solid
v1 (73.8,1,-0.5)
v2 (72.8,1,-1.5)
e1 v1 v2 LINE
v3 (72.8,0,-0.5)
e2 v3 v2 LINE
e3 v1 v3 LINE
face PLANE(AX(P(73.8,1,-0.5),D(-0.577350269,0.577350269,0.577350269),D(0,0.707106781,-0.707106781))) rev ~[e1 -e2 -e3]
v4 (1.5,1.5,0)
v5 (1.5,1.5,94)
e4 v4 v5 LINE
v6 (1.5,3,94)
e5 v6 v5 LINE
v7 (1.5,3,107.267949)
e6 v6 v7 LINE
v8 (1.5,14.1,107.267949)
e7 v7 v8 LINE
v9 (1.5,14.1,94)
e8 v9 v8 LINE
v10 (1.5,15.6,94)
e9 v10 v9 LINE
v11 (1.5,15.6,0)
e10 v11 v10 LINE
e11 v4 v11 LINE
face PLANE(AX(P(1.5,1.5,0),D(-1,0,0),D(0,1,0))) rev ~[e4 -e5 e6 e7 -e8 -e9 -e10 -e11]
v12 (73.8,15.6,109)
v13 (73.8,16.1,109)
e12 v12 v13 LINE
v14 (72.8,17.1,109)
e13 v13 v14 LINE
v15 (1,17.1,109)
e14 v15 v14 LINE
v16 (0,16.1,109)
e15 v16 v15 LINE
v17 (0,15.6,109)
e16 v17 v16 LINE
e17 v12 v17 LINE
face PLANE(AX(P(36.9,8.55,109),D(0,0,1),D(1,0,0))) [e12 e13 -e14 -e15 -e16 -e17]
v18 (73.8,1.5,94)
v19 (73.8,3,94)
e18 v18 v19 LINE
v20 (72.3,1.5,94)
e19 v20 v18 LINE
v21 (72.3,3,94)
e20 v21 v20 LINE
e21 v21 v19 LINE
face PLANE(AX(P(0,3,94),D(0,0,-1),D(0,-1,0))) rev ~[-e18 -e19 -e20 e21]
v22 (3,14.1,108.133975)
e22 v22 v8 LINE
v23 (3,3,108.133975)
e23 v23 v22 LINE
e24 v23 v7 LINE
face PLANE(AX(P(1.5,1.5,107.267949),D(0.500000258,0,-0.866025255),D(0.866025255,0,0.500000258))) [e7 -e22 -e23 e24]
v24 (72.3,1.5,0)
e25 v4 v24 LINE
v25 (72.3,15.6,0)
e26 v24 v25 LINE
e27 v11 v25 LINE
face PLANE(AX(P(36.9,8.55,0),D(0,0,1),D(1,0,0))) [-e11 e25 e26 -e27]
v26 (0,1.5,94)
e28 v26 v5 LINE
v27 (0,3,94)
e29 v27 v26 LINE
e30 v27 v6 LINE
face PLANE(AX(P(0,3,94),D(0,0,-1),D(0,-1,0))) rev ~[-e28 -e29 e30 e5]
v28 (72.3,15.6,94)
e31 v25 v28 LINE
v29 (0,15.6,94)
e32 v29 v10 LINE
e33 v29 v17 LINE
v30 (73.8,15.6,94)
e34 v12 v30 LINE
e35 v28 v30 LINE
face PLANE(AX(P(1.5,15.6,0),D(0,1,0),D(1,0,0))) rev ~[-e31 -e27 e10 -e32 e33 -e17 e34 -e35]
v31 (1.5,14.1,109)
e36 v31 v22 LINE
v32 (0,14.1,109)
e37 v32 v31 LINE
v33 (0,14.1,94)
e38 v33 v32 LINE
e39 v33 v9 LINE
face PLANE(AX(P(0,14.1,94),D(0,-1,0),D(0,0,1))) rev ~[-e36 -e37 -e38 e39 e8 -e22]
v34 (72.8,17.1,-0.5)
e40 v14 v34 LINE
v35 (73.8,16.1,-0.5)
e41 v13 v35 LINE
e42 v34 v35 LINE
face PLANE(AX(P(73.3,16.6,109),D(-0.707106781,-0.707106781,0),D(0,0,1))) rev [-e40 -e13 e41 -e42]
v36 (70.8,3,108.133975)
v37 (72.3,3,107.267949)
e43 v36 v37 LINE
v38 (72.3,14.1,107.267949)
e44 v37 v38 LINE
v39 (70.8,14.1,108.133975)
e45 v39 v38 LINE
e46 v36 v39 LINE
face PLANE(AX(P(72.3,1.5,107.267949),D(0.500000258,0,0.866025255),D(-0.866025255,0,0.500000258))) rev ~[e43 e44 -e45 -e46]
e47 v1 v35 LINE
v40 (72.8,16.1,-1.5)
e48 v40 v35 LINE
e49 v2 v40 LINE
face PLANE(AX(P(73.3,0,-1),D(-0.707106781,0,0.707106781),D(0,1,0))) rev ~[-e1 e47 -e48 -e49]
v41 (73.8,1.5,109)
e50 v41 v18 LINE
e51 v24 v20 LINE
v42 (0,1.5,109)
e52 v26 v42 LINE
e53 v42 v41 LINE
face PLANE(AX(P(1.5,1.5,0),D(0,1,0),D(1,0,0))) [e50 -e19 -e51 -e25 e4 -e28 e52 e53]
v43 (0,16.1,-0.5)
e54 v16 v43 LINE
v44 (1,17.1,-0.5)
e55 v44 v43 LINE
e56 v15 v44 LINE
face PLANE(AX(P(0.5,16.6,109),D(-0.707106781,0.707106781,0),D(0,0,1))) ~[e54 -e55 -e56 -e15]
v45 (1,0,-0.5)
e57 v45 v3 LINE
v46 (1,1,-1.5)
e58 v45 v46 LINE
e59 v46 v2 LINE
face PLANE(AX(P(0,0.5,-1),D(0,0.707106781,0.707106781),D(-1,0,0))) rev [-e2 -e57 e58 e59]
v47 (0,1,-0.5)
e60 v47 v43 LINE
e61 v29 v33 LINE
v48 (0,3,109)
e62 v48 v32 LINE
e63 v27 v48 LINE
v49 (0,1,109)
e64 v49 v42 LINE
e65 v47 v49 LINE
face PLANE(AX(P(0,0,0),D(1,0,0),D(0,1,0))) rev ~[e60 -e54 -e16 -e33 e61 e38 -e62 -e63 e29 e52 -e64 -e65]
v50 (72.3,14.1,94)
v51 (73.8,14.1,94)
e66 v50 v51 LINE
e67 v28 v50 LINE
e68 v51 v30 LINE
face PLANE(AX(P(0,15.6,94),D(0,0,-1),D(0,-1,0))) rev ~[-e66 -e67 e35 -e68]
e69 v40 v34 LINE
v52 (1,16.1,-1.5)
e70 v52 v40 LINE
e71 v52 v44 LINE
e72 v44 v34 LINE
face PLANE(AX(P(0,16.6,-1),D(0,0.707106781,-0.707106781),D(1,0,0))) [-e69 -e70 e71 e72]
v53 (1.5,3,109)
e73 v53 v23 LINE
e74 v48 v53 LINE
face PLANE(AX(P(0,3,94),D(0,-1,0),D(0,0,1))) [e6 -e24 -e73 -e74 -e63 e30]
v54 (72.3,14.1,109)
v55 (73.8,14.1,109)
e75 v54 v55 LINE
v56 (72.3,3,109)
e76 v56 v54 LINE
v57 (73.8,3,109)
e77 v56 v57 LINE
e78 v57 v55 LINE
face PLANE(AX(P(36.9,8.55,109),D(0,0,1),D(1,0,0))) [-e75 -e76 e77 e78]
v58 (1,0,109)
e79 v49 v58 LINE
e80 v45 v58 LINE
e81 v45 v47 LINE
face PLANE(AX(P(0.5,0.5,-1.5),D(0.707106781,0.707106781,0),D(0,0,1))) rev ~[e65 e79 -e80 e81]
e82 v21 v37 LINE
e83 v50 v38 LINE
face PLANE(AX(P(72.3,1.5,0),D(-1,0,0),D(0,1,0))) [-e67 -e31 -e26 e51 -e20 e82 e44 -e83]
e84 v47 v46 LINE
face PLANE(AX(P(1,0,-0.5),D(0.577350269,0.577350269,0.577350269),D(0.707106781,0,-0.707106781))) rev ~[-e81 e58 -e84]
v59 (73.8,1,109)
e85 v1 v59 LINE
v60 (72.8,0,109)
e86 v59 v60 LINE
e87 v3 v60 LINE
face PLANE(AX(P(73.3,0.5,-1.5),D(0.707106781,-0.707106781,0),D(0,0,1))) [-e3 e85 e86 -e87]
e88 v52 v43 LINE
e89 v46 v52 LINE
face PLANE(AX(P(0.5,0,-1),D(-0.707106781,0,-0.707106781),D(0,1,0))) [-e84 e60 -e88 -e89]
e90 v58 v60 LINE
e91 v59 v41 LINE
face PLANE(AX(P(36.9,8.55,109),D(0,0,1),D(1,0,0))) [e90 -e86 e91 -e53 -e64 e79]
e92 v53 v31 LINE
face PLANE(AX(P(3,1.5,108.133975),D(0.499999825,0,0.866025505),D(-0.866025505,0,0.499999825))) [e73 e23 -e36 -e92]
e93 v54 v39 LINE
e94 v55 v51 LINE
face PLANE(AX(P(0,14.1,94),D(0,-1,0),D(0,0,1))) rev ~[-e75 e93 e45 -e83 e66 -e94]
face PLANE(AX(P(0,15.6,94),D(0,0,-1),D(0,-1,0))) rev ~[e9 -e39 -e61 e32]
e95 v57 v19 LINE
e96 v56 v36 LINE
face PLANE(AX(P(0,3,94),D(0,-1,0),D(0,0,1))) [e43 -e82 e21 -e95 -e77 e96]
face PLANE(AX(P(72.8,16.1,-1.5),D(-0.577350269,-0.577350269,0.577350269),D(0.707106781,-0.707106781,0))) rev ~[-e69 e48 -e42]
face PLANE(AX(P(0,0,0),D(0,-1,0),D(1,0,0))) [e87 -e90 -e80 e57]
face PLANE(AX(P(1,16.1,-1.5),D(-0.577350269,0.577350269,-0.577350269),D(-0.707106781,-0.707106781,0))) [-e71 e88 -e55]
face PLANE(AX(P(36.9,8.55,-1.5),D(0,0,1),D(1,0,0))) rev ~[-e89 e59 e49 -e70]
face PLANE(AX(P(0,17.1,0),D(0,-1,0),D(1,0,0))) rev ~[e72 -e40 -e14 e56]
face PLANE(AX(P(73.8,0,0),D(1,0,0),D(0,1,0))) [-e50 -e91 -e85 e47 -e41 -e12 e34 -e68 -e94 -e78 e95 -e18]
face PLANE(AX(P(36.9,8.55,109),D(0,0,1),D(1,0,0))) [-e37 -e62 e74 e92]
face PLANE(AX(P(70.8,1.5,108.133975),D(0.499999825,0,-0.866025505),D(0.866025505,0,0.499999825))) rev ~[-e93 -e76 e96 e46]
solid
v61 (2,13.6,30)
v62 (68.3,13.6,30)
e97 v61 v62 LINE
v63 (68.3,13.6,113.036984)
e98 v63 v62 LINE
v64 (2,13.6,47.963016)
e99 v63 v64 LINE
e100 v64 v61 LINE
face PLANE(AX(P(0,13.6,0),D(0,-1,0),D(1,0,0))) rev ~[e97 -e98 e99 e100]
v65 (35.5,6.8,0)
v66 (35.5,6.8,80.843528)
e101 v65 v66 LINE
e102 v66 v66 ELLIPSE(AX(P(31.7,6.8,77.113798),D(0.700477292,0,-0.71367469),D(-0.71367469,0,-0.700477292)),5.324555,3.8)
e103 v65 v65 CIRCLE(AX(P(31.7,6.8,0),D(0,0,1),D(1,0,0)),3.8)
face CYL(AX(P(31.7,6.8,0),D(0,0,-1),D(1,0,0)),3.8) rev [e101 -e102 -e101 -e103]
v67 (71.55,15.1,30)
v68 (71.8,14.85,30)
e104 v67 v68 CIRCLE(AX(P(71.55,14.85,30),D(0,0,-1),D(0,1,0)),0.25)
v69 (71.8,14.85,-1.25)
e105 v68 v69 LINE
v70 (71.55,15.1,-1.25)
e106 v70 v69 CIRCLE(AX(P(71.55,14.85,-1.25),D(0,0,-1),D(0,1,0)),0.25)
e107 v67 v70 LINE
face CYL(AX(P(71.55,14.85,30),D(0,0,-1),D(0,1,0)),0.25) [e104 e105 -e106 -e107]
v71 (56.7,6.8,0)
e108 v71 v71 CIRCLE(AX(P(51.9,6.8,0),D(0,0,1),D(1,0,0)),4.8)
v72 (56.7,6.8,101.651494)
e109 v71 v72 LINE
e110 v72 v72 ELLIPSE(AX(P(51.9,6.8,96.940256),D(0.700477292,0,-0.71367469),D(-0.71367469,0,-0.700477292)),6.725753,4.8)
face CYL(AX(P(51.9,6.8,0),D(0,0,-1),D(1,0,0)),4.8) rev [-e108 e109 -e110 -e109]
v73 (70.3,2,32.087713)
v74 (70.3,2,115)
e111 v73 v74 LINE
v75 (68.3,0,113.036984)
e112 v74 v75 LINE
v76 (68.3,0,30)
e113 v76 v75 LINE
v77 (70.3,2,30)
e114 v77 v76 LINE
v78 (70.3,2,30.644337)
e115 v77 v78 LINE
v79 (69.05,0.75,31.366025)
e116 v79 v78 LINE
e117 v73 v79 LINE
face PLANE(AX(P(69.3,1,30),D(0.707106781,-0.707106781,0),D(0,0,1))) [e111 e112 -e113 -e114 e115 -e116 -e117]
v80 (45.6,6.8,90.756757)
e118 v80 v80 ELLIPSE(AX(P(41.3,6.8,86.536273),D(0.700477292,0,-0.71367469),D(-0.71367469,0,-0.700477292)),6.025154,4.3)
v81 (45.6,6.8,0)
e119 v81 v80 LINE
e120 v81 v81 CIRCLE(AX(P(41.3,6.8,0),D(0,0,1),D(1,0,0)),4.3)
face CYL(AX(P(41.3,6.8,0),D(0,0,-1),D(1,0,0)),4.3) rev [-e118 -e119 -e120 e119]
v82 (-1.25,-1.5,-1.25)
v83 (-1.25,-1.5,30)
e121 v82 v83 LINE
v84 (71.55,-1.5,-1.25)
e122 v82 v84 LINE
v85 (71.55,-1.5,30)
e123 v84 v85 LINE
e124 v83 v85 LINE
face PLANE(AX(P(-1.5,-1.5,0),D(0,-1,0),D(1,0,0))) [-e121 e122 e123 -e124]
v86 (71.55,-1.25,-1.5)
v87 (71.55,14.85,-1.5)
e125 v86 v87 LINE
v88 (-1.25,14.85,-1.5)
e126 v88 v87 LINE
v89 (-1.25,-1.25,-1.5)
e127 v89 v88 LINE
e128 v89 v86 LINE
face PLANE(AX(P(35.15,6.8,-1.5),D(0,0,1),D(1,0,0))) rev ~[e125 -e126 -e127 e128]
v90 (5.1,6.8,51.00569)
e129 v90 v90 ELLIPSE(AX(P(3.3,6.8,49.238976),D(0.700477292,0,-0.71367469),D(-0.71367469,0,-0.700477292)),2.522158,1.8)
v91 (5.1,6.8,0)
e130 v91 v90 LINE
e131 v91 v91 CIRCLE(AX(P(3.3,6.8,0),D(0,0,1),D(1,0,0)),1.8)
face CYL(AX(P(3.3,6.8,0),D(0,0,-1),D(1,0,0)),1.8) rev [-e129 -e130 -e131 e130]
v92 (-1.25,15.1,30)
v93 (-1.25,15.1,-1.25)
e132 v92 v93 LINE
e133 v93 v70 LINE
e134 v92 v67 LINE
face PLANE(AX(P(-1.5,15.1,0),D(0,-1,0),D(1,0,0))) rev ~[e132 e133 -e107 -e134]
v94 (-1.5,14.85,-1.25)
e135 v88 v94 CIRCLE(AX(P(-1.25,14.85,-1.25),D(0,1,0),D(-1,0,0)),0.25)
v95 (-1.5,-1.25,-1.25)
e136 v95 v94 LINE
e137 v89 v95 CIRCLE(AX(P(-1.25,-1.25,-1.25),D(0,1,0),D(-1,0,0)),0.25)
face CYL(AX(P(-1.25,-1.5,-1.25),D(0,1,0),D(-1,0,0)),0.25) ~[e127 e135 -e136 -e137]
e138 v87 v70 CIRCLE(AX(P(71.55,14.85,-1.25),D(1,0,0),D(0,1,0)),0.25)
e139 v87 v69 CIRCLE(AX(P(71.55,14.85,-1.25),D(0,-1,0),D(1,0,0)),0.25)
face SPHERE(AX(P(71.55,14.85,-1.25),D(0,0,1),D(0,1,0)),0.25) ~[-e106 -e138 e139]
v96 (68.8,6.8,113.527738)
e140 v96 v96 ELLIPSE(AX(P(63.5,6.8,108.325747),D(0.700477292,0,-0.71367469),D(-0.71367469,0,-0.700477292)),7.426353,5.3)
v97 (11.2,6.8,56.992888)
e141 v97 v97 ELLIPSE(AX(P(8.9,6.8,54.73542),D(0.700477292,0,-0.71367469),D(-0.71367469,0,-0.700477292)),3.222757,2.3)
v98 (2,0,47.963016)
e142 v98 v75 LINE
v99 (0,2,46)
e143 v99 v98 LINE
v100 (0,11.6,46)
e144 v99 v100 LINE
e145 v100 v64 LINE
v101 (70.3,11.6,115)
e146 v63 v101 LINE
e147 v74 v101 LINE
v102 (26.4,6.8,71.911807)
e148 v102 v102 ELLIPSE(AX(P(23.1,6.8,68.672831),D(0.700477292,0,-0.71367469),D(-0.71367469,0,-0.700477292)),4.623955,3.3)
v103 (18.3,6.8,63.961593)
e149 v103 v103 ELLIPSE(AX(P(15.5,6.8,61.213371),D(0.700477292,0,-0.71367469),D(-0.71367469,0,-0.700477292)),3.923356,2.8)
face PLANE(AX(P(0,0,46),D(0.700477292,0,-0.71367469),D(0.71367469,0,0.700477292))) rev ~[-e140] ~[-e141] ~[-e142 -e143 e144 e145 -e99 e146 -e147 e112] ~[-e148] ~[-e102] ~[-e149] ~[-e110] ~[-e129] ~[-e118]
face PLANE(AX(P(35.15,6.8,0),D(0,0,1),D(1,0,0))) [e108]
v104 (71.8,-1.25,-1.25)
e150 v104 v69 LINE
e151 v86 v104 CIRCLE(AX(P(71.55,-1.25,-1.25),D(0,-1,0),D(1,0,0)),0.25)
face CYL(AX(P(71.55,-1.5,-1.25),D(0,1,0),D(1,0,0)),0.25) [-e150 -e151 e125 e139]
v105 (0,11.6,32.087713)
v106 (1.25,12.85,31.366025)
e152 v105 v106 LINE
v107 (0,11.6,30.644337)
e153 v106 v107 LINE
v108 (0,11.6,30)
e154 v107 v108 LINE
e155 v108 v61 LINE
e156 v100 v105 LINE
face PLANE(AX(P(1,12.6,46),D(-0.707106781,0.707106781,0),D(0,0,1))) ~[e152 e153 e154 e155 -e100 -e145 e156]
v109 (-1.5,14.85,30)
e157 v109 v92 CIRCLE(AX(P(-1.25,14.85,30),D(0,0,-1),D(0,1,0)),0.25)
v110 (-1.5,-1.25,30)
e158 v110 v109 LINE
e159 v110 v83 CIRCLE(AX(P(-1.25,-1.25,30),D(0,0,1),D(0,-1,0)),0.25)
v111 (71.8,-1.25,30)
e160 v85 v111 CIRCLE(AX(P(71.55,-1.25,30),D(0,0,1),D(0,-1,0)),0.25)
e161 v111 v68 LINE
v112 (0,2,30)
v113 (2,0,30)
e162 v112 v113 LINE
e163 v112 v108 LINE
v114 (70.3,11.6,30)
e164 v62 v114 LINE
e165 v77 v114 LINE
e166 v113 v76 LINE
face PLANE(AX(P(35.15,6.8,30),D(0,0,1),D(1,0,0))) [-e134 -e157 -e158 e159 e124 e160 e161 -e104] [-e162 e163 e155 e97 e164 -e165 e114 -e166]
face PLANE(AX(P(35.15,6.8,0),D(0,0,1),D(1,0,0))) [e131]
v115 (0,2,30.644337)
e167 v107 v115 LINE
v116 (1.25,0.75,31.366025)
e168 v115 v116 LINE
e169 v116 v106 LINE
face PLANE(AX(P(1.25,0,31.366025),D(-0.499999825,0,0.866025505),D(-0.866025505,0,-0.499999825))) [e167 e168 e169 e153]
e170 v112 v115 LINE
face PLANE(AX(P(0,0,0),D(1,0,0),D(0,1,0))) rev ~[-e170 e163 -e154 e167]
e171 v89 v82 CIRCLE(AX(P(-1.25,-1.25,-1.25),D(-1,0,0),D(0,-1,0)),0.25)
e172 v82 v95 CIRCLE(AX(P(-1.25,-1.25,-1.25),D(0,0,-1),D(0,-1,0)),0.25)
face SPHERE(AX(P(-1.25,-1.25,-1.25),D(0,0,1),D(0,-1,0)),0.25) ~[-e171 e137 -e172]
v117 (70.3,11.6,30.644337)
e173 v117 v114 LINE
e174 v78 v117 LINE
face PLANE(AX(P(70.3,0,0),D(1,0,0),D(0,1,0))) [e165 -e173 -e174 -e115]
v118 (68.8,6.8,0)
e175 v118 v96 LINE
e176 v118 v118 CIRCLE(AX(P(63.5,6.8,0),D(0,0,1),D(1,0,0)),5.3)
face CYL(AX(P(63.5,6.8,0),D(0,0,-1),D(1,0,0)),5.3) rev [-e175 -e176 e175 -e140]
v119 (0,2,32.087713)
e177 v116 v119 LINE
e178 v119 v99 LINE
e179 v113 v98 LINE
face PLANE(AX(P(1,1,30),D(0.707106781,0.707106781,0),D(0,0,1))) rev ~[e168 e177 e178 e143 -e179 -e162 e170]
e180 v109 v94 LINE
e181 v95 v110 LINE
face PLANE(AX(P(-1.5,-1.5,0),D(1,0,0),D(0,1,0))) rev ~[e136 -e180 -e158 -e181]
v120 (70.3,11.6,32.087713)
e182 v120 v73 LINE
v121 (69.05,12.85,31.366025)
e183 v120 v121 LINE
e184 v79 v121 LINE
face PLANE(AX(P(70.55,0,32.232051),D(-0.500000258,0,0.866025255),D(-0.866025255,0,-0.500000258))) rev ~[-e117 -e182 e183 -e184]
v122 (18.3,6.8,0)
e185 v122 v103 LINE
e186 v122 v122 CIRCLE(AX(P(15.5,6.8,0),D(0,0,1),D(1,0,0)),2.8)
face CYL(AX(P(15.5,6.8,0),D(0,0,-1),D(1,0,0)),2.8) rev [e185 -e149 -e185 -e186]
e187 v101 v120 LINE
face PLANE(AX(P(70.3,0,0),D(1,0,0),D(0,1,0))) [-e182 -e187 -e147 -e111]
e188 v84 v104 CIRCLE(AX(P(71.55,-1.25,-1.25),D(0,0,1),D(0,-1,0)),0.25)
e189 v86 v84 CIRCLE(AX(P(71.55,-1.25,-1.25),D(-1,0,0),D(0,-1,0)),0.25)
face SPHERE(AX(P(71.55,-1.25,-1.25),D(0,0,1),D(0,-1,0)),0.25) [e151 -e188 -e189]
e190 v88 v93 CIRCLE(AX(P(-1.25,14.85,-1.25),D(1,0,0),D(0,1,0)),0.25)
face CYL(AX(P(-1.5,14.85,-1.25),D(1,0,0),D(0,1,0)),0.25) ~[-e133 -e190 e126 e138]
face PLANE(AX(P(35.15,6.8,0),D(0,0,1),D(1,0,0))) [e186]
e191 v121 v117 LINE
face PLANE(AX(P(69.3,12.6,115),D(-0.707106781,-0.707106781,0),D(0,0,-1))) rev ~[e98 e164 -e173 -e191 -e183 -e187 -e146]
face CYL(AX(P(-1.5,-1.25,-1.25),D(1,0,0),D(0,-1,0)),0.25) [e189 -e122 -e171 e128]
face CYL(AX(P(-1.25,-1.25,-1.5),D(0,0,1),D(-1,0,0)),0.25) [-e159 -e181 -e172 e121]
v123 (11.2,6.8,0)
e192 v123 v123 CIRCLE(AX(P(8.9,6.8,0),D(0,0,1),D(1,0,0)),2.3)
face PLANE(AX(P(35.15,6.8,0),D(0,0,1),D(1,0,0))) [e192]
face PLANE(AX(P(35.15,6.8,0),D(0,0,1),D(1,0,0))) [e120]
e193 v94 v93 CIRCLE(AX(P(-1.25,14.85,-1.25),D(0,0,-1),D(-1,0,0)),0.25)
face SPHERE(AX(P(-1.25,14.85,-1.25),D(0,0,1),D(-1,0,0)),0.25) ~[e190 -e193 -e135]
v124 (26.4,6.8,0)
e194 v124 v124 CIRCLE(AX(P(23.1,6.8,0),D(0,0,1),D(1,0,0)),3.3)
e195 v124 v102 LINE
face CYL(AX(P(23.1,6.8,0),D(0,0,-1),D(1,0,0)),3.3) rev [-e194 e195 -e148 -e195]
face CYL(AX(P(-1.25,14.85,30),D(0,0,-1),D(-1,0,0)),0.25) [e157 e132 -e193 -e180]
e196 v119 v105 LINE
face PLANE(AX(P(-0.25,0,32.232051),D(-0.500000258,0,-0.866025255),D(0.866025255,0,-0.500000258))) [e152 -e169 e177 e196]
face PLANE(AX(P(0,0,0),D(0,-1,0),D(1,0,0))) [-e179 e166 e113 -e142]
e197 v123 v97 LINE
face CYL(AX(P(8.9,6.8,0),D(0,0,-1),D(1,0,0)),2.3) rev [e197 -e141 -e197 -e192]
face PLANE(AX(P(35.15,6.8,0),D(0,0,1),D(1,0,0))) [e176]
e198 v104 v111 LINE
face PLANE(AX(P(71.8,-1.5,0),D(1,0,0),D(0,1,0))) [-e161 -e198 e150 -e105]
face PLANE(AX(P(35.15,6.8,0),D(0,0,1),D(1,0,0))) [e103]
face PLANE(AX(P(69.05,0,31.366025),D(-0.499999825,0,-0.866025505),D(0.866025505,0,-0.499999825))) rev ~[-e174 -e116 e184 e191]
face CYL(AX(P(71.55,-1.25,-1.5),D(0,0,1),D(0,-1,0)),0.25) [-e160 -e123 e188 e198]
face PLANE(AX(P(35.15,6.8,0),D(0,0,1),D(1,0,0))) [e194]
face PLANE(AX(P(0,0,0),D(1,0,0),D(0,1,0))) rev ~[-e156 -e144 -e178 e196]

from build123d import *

# Parameters (mm, degrees)
SKETCH_W          = 70.3
SKETCH_H          = 13.6
SKETCH_R          = 1.8
SKETCH_R_2        = 2.3
SKETCH_R_3        = 2.8
SKETCH_R_4        = 3.3
SKETCH_R_5        = 3.8
SKETCH_R_6        = 4.3
SKETCH_R_7        = 4.8
SKETCH_R_8        = 5.3
PAD_DEPTH         = 115
POCKET_DEPTH      = 13.601
SKETCH002_W       = 70.3
SKETCH002_H       = 13.6
PAD001_DEPTH      = 1.5
SKETCH005_W       = 73.3
SKETCH005_H       = 16.6
SKETCH005_W_2     = 70.3
SKETCH005_H_2     = 13.6
PAD004_DEPTH      = 30
PAD004_DEPTH_BACK = 1.5
CHAMFER_SIZE      = 2
FILLET_R          = 0.25
POCKET001_DEPTH   = 15.101
SKETCH003_W       = 73.8
SKETCH003_H       = 17.1
SKETCH003_W_2     = 70.8
SKETCH003_H_2     = 14.1
PAD002_DEPTH      = 109
SKETCH004_W       = 73.8
SKETCH004_H       = 17.1
PAD003_DEPTH      = 1.5
CHAMFER001_SIZE   = 1
PAD005_DEPTH      = 14.1
SKETCH008_W       = 1.5
SKETCH008_H       = 15
POCKET002_DEPTH   = 73.801


with BuildPart() as box:
    # Sketch → Pad (new body)
    with BuildSketch(Plane.XY):
        with Locations((35.15, 6.8)):
            Rectangle(SKETCH_W, SKETCH_H)
        with Locations((3.3, 6.8)):
            Circle(SKETCH_R, mode=Mode.SUBTRACT)
        with Locations((8.9, 6.8)):
            Circle(SKETCH_R_2, mode=Mode.SUBTRACT)
        with Locations((15.5, 6.8)):
            Circle(SKETCH_R_3, mode=Mode.SUBTRACT)
        with Locations((23.1, 6.8)):
            Circle(SKETCH_R_4, mode=Mode.SUBTRACT)
        with Locations((31.7, 6.8)):
            Circle(SKETCH_R_5, mode=Mode.SUBTRACT)
        with Locations((41.3, 6.8)):
            Circle(SKETCH_R_6, mode=Mode.SUBTRACT)
        with Locations((51.9, 6.8)):
            Circle(SKETCH_R_7, mode=Mode.SUBTRACT)
        with Locations((63.5, 6.8)):
            Circle(SKETCH_R_8, mode=Mode.SUBTRACT)
    extrude(amount=PAD_DEPTH)

    # Sketch001 → Pocket (cut, through all)
    with BuildSketch(Plane.XZ):
        Polygon((-10, 46), (0, 46), (70.3, 115), (70.3, 125), (-10, 125), align=None)
    extrude(amount=-POCKET_DEPTH, mode=Mode.SUBTRACT)

    # Sketch002 → Pad001 (join)
    with BuildSketch(Plane.XY):
        with Locations((35.15, 6.8)):
            Rectangle(SKETCH002_W, SKETCH002_H)
    extrude(amount=-PAD001_DEPTH)

    # Sketch005 → Pad004 (join, two sides)
    with BuildSketch(Plane.XY) as pad004_sk:
        with Locations((35.15, 6.8)):
            Rectangle(SKETCH005_W, SKETCH005_H)
        with Locations((35.15, 6.8)):
            Rectangle(SKETCH005_W_2, SKETCH005_H_2, mode=Mode.SUBTRACT)
    extrude(amount=PAD004_DEPTH)
    extrude(pad004_sk.sketch, amount=-PAD004_DEPTH_BACK)

    # Chamfer
    chamfer_edges = [box.edges().sort_by_distance(p)[0] for p in [
        (70.3, 0, 72.5),
        (70.3, 13.6, 72.5),
        (0, 0, 38),
        (0, 13.6, 38),
    ]]
    chamfer(chamfer_edges, length=CHAMFER_SIZE)

    # Fillet
    fillet_edges = [box.edges().sort_by_distance(p)[0] for p in [
        (-1.5, -1.5, 14.25),
        (71.8, -1.5, 14.25),
        (71.8, 15.1, 14.25),
        (-1.5, 15.1, 14.25),
        (35.15, -1.5, -1.5),
        (-1.5, 6.8, -1.5),
        (35.15, 15.1, -1.5),
        (71.8, 6.8, -1.5),
    ]]
    fillet(fillet_edges, radius=FILLET_R)

    # Sketch006 (on Face10 of Fillet) → Pocket001 (cut, through all)
    with BuildSketch(Plane.XZ):
        Polygon((-0.25, 32.232051), (1.25, 31.366025), (-0.25, 30.5), align=None)
        Polygon((70.55, 32.232051), (69.05, 31.366025), (70.55, 30.5), align=None)
    extrude(amount=-POCKET001_DEPTH, mode=Mode.SUBTRACT)


with BuildPart() as cap:
    # Sketch003 → Pad002 (new body)
    with BuildSketch(Plane.XY):
        with Locations((36.9, 8.55)):
            Rectangle(SKETCH003_W, SKETCH003_H)
        with Locations((36.9, 8.55)):
            Rectangle(SKETCH003_W_2, SKETCH003_H_2, mode=Mode.SUBTRACT)
    extrude(amount=PAD002_DEPTH)

    # Sketch004 → Pad003 (join)
    with BuildSketch(Plane.XY):
        with Locations((36.9, 8.55)):
            Rectangle(SKETCH004_W, SKETCH004_H)
    extrude(amount=-PAD003_DEPTH)

    # Chamfer001
    chamfer001_edges = [cap.edges().sort_by_distance(p)[0] for p in [
        (73.8, 17.1, 53.75),
        (0, 17.1, 53.75),
        (36.9, 17.1, -1.5),
        (0, 8.55, -1.5),
        (0, 0, 53.75),
        (36.9, 0, -1.5),
        (73.8, 0, 53.75),
        (73.8, 8.55, -1.5),
    ]]
    chamfer(chamfer001_edges, length=CHAMFER001_SIZE)

    # Sketch007 (on Face21 of Chamfer001) → Pad005 (join)
    with BuildSketch(Plane(origin=(0, 1.5, 0), x_dir=(-1, 0, 0), z_dir=(0, 1, 0))):
        Polygon((-72.3, 109), (-72.3, 107.267949), (-70.8, 108.133975), align=None)
        Polygon((-1.5, 109), (-1.5, 107.267949), (-3, 108.133975), align=None)
    extrude(amount=PAD005_DEPTH)

    # Sketch008 (on Face11 of Pad005) → Pocket002 (cut, through all)
    with BuildSketch(Plane(origin=(0, 0, 0), x_dir=(0, -1, 0), z_dir=(-1, 0, 0))):
        with Locations((-14.85, 101.5)):
            Rectangle(SKETCH008_W, SKETCH008_H)
        with Locations((-2.25, 101.5)):
            Rectangle(SKETCH008_W, SKETCH008_H)
    extrude(amount=-POCKET002_DEPTH, mode=Mode.SUBTRACT)


solid = Compound([box.part, cap.part])
